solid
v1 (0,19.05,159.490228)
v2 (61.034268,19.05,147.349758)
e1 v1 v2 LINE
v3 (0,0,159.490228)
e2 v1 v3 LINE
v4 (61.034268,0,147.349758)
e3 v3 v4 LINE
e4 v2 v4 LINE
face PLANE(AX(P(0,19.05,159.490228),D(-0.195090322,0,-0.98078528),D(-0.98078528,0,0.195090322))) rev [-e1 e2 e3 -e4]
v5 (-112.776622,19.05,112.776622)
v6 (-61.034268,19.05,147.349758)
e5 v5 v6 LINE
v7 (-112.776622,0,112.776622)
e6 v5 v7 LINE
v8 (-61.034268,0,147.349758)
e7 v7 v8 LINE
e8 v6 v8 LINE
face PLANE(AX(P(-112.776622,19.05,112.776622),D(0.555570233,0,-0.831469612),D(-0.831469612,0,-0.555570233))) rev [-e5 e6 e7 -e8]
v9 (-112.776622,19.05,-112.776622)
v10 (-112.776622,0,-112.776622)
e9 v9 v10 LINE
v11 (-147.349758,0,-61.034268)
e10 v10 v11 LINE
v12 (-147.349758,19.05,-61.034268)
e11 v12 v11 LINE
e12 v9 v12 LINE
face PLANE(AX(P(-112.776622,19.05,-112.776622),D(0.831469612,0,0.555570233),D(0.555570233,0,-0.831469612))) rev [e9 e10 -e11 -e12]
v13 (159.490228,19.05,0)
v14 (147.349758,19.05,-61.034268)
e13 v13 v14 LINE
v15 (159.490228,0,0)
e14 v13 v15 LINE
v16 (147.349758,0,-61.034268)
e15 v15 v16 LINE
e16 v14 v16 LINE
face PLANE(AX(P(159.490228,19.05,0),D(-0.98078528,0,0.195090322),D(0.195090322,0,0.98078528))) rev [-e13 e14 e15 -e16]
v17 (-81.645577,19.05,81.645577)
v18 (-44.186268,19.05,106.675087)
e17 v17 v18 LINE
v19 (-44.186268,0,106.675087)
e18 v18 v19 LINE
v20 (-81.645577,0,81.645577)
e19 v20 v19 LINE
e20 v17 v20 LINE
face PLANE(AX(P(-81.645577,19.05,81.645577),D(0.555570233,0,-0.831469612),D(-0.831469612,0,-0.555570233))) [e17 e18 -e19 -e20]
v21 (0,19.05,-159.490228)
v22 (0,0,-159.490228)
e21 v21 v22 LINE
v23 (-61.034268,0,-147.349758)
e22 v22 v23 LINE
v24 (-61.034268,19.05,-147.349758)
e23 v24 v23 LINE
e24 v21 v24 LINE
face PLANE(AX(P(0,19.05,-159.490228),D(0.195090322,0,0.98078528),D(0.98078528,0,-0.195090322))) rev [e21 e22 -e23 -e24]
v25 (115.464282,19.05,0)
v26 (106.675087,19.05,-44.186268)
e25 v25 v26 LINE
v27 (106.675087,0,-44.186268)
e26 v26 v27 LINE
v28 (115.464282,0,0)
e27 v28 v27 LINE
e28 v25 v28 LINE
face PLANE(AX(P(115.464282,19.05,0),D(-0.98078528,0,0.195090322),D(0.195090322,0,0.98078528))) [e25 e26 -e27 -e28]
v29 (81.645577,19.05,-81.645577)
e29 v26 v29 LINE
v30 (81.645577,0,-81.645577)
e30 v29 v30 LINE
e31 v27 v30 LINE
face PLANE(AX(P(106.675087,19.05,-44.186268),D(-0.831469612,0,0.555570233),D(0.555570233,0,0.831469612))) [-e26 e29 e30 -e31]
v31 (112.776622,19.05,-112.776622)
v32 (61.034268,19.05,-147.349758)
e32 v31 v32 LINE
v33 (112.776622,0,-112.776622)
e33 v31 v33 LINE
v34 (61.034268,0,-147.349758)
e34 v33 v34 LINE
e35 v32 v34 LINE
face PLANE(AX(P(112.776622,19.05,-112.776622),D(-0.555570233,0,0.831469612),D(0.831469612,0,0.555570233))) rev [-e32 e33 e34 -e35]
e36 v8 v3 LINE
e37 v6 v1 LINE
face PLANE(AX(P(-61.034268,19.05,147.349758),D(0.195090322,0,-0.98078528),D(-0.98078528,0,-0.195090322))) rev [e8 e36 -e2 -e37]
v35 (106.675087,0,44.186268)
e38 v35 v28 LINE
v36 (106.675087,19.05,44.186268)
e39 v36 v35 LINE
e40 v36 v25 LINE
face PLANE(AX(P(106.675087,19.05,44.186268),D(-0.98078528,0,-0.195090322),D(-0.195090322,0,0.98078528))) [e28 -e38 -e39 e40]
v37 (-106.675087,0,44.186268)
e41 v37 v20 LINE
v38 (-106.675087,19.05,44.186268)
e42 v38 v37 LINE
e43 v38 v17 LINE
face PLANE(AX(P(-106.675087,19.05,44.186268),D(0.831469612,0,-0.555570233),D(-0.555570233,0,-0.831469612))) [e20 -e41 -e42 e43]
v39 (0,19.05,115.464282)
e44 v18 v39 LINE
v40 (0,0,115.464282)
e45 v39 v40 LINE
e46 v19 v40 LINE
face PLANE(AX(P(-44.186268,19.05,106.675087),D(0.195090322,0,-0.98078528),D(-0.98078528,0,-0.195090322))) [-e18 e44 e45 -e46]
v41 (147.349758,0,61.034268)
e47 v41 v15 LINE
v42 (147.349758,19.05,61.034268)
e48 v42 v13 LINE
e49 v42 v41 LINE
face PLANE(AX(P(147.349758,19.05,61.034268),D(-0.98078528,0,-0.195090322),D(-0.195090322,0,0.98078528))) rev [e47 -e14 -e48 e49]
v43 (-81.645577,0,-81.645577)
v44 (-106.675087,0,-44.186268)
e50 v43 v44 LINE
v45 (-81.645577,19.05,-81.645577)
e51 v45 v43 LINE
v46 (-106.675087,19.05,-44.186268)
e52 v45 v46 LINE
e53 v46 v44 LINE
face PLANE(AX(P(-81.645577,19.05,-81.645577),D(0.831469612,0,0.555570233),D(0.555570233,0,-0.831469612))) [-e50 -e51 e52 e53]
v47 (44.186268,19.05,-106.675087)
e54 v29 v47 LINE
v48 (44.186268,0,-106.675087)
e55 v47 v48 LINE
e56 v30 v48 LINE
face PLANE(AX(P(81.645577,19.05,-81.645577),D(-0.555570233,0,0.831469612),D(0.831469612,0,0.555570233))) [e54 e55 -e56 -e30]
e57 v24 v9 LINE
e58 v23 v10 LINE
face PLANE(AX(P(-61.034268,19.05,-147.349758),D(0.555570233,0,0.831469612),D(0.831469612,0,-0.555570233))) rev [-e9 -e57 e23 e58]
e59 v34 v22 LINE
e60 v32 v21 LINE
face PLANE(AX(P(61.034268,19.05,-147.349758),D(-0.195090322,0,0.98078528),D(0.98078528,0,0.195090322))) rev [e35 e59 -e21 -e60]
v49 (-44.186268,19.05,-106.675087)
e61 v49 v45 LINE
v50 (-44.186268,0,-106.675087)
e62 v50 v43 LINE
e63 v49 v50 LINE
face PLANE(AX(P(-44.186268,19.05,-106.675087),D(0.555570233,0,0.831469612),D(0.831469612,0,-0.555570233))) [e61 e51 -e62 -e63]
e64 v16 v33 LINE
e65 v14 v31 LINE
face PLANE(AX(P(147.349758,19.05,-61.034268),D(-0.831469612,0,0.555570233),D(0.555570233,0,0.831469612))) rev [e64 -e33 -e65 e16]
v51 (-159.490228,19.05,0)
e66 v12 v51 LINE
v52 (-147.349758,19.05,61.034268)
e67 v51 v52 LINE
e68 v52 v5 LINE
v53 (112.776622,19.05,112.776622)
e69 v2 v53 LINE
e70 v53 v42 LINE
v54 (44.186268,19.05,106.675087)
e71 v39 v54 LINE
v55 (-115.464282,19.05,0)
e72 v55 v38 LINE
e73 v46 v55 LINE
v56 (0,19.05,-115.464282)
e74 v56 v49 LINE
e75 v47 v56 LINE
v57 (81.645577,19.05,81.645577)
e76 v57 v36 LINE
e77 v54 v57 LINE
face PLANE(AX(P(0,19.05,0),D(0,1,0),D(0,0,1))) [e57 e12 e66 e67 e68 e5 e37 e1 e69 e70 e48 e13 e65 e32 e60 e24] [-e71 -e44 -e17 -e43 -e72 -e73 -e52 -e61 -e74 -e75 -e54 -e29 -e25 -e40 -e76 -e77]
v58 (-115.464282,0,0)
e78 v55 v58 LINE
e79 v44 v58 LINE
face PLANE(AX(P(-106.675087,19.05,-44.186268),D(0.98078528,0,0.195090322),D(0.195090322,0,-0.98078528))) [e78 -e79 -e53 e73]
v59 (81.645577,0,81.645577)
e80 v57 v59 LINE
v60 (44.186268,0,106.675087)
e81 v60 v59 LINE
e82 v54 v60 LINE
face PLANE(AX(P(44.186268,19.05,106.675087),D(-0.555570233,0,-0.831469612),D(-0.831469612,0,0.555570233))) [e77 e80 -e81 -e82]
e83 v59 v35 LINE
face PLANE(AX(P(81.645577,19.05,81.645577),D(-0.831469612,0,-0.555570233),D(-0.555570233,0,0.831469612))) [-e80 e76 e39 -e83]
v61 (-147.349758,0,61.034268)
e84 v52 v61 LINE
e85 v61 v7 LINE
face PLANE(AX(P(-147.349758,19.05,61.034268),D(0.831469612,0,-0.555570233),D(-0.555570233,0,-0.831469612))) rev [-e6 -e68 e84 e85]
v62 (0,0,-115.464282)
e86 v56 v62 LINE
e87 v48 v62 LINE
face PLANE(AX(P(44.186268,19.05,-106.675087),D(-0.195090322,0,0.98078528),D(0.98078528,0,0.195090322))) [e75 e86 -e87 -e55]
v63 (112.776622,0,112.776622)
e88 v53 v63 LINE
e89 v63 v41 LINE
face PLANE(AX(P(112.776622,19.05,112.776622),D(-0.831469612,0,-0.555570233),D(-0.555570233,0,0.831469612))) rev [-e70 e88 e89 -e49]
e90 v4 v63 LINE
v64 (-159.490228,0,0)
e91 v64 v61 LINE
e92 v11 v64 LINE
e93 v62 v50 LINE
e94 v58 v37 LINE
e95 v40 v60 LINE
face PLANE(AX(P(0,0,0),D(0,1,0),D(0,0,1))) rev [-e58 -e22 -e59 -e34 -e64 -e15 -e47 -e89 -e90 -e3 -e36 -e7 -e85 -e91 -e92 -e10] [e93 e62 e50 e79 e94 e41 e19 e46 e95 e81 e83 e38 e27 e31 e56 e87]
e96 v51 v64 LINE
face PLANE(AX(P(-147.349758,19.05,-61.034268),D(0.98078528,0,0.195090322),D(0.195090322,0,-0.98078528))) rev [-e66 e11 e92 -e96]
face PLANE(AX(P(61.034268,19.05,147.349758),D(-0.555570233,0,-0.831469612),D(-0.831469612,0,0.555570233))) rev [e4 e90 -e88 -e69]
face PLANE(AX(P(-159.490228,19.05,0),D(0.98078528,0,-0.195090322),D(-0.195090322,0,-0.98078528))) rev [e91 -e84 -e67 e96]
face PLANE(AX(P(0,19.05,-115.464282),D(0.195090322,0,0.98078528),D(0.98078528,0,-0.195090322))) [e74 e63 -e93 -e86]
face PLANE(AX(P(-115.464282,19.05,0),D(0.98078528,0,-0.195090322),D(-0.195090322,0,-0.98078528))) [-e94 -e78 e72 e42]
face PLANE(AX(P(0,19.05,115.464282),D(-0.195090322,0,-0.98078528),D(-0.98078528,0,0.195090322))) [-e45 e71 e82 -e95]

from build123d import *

# Parameters (mm, degrees)
BOSS_EXTRUDE1_DEPTH = 19.05


with BuildPart() as part:
    # Sketch1 → Boss-Extrude1 (new body)
    with BuildSketch(Plane(origin=(0, 0, 0), x_dir=(1, 0, 0), z_dir=(0, 1, 0))):
        Polygon((159.490228313, 0), (147.349757574, 61.034267999), (112.776621973, 112.776621973), (61.034267999, 147.349757574), (0, 159.490228313), (-61.034267999, 147.349757574), (-112.776621973, 112.776621973), (-147.349757574, 61.034267999), (-159.490228313, 0), (-147.349757574, -61.034267999), (-112.776621973, -112.776621973), (-61.034267999, -147.349757574), (0, -159.490228313), (61.034267999, -147.349757574), (112.776621973, -112.776621973), (147.349757574, -61.034267999), align=None)
        Polygon((115.464282102, 0), (106.67508697, 44.18626779), (81.645576859, 81.645576859), (44.18626779, 106.67508697), (0, 115.464282102), (-44.18626779, 106.67508697), (-81.645576859, 81.645576859), (-106.67508697, 44.18626779), (-115.464282102, 0), (-106.67508697, -44.18626779), (-81.645576859, -81.645576859), (-44.18626779, -106.67508697), (0, -115.464282102), (44.18626779, -106.67508697), (81.645576859, -81.645576859), (106.67508697, -44.18626779), align=None, mode=Mode.SUBTRACT)
    extrude(amount=BOSS_EXTRUDE1_DEPTH)


solid = part.part
